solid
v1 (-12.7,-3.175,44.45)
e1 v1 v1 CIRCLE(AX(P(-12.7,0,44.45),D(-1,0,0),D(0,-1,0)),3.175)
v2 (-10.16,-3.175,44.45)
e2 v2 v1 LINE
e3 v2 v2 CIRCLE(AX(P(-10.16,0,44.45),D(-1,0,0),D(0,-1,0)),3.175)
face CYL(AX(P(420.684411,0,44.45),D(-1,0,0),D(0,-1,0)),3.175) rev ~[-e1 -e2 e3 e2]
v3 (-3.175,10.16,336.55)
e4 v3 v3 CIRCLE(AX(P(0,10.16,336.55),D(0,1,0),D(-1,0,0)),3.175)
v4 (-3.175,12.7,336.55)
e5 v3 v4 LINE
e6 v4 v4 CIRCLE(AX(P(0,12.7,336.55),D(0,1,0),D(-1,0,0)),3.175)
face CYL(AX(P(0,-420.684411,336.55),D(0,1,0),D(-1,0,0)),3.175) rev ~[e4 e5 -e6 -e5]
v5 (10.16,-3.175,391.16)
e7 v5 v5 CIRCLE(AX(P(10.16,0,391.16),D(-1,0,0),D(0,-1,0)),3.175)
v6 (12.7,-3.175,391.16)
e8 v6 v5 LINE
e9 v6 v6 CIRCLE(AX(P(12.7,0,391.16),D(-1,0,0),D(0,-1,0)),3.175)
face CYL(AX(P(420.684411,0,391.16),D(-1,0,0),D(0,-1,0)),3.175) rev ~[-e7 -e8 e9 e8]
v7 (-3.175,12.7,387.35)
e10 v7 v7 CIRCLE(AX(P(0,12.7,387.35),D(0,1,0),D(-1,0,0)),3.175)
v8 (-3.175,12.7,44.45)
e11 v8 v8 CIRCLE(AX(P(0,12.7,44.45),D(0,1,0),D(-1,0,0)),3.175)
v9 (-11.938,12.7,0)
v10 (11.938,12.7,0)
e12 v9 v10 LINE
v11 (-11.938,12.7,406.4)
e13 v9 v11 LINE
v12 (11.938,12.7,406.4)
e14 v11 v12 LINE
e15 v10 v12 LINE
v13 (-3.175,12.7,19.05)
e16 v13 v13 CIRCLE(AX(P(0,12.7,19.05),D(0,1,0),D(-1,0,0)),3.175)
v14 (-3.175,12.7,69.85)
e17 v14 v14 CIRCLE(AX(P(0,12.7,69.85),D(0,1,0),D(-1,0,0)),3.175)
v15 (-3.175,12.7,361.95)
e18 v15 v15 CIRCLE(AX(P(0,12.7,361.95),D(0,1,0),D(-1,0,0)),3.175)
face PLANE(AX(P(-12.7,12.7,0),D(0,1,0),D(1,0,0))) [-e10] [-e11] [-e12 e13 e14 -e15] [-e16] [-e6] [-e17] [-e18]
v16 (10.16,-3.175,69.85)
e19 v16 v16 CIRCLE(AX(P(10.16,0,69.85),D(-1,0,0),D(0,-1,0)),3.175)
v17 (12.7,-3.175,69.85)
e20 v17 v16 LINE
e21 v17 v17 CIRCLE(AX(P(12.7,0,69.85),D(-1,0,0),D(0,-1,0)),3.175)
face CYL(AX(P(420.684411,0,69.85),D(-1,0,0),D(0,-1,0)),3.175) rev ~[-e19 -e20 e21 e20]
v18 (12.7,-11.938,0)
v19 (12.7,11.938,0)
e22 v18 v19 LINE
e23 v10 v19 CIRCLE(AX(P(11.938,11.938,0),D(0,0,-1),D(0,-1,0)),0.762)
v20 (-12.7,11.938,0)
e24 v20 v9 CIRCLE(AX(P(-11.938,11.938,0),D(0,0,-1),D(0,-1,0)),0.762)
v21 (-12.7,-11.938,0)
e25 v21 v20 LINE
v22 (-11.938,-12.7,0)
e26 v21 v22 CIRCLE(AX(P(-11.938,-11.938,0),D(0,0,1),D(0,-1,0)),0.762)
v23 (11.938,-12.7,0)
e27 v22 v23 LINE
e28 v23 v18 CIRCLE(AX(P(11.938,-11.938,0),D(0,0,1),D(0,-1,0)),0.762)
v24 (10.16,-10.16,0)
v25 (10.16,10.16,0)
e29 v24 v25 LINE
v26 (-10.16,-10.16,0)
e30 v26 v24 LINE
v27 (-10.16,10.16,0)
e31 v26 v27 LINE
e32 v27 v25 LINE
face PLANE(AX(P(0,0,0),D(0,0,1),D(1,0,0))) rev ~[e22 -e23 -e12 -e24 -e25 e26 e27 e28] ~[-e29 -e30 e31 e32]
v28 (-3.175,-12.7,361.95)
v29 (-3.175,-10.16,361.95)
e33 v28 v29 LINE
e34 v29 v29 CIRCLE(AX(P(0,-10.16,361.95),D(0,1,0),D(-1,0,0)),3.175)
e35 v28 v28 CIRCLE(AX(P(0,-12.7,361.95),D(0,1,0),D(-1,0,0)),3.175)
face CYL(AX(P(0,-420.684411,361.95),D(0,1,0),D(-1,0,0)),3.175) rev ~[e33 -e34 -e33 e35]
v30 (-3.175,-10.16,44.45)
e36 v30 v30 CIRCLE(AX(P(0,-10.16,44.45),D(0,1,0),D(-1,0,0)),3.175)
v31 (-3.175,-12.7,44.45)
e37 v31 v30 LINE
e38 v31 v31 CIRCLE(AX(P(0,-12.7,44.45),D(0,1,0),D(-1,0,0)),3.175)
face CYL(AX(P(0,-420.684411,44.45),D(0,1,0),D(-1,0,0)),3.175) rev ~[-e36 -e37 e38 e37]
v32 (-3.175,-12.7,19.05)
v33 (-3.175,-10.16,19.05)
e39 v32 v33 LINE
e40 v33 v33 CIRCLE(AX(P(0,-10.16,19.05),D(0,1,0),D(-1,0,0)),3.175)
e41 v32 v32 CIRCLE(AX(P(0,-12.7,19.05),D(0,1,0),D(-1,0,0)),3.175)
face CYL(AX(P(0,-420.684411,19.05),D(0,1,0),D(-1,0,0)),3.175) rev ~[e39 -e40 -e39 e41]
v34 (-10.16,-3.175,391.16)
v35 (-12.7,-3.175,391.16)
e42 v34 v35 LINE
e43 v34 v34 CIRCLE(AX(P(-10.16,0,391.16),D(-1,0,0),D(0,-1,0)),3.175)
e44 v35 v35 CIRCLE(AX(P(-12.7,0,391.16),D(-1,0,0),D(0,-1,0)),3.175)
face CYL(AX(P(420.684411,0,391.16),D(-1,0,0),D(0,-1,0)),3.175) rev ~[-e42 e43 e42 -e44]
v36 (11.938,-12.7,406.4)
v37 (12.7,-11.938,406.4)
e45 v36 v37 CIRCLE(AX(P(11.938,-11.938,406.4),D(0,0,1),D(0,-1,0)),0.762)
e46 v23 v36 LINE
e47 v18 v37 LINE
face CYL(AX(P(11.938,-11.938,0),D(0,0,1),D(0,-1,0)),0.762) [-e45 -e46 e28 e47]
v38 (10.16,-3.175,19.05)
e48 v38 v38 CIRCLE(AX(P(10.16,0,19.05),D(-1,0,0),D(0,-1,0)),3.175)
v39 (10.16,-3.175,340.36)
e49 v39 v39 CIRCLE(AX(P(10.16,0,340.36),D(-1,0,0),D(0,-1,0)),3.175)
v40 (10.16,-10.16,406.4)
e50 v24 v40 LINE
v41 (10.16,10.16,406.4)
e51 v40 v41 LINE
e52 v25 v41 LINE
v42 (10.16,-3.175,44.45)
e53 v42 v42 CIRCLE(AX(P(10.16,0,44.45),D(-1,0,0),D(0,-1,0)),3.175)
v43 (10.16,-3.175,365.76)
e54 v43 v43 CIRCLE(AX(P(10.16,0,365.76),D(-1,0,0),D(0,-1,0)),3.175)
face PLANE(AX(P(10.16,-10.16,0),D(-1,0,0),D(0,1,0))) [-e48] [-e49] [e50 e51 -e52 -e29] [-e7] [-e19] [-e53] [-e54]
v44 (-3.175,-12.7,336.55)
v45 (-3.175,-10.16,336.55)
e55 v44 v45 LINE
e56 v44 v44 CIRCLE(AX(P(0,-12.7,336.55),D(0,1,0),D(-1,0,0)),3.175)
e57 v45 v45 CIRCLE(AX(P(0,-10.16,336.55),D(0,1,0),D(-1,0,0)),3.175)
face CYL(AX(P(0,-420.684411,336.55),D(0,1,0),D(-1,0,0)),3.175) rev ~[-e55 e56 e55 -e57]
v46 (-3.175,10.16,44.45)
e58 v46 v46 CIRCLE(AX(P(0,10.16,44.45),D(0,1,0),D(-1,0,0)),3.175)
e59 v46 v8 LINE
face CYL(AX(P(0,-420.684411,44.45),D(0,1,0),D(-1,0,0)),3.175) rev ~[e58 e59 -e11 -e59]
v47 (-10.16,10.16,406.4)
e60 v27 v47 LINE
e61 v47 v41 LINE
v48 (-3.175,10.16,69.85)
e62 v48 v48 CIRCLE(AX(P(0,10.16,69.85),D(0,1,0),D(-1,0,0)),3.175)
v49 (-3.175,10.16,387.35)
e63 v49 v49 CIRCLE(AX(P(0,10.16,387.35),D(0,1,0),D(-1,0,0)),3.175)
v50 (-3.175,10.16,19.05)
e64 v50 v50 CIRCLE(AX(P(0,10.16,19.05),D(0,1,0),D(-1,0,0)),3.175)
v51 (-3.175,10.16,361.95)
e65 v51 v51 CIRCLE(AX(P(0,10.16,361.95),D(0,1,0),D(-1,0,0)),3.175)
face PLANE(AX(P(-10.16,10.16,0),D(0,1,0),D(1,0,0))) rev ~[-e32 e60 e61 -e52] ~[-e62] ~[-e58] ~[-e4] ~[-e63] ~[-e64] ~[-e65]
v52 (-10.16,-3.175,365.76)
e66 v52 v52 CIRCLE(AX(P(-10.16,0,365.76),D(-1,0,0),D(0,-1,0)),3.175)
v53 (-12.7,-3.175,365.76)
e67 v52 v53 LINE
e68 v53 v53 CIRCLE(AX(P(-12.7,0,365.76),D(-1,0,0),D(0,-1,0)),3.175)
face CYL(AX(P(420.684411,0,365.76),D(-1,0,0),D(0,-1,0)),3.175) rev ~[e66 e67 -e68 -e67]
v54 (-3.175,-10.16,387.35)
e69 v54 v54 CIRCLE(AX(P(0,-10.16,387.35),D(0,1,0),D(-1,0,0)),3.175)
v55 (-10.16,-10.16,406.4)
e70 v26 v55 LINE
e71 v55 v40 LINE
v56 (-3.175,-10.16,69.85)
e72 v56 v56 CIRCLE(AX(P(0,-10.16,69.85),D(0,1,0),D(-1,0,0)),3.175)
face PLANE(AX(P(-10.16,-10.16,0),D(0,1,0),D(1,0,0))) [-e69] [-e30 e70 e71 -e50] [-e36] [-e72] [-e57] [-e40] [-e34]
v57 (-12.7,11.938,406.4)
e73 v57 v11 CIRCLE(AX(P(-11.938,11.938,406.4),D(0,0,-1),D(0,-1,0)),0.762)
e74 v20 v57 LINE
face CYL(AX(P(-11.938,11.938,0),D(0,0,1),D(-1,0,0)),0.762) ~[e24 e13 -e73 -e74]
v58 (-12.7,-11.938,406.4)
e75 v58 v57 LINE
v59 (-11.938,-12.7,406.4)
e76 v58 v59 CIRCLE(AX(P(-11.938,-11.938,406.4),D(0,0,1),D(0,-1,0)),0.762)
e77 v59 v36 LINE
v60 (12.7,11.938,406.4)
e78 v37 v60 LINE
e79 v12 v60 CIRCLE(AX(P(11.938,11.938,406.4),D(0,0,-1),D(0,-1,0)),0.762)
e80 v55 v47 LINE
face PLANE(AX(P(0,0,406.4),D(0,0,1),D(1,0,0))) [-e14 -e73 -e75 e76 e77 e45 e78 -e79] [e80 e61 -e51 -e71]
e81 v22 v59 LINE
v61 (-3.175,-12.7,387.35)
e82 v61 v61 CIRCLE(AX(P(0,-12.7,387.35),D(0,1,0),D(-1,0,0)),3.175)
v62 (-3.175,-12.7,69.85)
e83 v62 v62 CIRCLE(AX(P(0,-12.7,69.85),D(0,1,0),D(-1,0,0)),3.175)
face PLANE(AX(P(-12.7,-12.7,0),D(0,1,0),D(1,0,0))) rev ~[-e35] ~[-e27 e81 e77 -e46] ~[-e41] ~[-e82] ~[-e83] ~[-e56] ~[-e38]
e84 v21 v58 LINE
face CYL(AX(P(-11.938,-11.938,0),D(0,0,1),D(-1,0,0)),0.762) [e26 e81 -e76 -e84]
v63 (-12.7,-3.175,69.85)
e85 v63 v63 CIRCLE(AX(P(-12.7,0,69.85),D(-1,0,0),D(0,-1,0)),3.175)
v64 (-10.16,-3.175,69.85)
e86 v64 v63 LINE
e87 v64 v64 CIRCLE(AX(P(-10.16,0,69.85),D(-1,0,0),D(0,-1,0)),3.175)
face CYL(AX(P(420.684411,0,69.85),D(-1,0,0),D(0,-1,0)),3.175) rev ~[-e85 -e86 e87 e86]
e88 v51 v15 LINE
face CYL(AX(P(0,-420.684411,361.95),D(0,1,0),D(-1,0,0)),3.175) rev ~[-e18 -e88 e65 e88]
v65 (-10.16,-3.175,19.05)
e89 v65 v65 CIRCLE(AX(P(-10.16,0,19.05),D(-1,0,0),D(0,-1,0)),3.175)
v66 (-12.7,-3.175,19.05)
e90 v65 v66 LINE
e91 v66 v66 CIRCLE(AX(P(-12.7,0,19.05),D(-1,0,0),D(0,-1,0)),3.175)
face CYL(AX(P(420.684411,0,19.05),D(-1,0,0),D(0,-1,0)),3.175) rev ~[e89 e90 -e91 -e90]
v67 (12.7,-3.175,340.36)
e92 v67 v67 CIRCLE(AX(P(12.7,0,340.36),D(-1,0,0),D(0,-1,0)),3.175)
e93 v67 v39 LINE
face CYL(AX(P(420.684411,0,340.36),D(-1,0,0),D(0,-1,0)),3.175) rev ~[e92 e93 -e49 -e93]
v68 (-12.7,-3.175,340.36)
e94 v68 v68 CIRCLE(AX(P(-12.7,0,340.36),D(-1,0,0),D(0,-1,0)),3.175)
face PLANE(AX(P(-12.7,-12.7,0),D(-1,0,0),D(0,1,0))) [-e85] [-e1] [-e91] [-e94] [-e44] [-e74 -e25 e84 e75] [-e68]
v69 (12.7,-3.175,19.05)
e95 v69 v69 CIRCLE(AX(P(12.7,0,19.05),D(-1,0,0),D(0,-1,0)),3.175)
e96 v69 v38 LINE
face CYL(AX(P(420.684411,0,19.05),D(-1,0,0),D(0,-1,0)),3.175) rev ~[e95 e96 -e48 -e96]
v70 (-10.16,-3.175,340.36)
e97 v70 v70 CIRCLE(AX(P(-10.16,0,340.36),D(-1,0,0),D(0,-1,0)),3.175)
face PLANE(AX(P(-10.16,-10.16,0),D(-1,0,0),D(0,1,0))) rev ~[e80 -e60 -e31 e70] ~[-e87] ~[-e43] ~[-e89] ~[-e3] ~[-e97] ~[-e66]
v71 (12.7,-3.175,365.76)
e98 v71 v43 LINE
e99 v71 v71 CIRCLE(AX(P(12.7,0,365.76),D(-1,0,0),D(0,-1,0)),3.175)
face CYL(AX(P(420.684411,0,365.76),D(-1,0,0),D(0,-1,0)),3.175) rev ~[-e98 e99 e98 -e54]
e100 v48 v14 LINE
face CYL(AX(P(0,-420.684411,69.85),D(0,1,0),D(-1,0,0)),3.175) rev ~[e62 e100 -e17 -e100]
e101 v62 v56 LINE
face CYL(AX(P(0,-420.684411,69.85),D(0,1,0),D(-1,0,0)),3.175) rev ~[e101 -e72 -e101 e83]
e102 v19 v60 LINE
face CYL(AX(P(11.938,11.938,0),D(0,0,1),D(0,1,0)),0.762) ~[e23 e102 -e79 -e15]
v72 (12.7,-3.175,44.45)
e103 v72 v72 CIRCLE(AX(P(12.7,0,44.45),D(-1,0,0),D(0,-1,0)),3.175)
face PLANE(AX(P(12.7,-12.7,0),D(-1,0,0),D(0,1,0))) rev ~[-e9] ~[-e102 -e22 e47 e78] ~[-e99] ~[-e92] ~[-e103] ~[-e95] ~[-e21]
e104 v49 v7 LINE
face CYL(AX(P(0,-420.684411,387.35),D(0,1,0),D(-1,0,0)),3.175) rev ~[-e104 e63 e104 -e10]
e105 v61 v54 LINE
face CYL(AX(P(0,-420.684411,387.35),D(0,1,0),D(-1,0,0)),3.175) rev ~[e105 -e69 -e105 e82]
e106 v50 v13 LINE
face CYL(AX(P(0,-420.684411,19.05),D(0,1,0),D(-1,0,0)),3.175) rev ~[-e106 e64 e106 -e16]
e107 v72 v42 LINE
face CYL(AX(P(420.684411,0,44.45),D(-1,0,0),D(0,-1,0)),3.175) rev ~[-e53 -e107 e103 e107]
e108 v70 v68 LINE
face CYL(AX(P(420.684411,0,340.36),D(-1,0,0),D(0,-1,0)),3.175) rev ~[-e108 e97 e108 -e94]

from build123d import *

# Parameters (mm, degrees)
F0_W     = 25.4
F0_H     = 25.4
F0_W_2   = 20.32
F0_H_2   = 20.32
F1_DEPTH = 406.4
F2_R     = 0.762
F5_D     = 6.35
F8_D     = 6.35


with BuildPart() as f1:
    # F0 (on Top) → F1 (new body)
    with BuildSketch(Plane.XY):
        Rectangle(F0_W, F0_H)
        Rectangle(F0_W_2, F0_H_2, mode=Mode.SUBTRACT)
    extrude(amount=F1_DEPTH)

    # F2
    f2_edges = [f1.edges().sort_by_distance(p)[0] for p in [
        (12.7, 12.7, 203.2),
        (-12.7, 12.7, 203.2),
        (-12.7, -12.7, 203.2),
        (12.7, -12.7, 203.2),
    ]]
    fillet(f2_edges, radius=F2_R)

    # F5 (through all)
    with Locations(Plane.YZ.offset(12.7)):
        with Locations((0, 391.16), (0, 365.76), (0, 340.36), (0, 69.85), (0, 44.45), (0, 19.05)):
            Hole(F5_D / 2)

    # F8 (through all)
    with Locations(Plane.XZ.offset(12.7)):
        with Locations((0, 19.05), (0, 44.45), (0, 69.85), (0, 336.55), (0, 361.95), (0, 387.35)):
            Hole(F8_D / 2)


solid = f1.part
